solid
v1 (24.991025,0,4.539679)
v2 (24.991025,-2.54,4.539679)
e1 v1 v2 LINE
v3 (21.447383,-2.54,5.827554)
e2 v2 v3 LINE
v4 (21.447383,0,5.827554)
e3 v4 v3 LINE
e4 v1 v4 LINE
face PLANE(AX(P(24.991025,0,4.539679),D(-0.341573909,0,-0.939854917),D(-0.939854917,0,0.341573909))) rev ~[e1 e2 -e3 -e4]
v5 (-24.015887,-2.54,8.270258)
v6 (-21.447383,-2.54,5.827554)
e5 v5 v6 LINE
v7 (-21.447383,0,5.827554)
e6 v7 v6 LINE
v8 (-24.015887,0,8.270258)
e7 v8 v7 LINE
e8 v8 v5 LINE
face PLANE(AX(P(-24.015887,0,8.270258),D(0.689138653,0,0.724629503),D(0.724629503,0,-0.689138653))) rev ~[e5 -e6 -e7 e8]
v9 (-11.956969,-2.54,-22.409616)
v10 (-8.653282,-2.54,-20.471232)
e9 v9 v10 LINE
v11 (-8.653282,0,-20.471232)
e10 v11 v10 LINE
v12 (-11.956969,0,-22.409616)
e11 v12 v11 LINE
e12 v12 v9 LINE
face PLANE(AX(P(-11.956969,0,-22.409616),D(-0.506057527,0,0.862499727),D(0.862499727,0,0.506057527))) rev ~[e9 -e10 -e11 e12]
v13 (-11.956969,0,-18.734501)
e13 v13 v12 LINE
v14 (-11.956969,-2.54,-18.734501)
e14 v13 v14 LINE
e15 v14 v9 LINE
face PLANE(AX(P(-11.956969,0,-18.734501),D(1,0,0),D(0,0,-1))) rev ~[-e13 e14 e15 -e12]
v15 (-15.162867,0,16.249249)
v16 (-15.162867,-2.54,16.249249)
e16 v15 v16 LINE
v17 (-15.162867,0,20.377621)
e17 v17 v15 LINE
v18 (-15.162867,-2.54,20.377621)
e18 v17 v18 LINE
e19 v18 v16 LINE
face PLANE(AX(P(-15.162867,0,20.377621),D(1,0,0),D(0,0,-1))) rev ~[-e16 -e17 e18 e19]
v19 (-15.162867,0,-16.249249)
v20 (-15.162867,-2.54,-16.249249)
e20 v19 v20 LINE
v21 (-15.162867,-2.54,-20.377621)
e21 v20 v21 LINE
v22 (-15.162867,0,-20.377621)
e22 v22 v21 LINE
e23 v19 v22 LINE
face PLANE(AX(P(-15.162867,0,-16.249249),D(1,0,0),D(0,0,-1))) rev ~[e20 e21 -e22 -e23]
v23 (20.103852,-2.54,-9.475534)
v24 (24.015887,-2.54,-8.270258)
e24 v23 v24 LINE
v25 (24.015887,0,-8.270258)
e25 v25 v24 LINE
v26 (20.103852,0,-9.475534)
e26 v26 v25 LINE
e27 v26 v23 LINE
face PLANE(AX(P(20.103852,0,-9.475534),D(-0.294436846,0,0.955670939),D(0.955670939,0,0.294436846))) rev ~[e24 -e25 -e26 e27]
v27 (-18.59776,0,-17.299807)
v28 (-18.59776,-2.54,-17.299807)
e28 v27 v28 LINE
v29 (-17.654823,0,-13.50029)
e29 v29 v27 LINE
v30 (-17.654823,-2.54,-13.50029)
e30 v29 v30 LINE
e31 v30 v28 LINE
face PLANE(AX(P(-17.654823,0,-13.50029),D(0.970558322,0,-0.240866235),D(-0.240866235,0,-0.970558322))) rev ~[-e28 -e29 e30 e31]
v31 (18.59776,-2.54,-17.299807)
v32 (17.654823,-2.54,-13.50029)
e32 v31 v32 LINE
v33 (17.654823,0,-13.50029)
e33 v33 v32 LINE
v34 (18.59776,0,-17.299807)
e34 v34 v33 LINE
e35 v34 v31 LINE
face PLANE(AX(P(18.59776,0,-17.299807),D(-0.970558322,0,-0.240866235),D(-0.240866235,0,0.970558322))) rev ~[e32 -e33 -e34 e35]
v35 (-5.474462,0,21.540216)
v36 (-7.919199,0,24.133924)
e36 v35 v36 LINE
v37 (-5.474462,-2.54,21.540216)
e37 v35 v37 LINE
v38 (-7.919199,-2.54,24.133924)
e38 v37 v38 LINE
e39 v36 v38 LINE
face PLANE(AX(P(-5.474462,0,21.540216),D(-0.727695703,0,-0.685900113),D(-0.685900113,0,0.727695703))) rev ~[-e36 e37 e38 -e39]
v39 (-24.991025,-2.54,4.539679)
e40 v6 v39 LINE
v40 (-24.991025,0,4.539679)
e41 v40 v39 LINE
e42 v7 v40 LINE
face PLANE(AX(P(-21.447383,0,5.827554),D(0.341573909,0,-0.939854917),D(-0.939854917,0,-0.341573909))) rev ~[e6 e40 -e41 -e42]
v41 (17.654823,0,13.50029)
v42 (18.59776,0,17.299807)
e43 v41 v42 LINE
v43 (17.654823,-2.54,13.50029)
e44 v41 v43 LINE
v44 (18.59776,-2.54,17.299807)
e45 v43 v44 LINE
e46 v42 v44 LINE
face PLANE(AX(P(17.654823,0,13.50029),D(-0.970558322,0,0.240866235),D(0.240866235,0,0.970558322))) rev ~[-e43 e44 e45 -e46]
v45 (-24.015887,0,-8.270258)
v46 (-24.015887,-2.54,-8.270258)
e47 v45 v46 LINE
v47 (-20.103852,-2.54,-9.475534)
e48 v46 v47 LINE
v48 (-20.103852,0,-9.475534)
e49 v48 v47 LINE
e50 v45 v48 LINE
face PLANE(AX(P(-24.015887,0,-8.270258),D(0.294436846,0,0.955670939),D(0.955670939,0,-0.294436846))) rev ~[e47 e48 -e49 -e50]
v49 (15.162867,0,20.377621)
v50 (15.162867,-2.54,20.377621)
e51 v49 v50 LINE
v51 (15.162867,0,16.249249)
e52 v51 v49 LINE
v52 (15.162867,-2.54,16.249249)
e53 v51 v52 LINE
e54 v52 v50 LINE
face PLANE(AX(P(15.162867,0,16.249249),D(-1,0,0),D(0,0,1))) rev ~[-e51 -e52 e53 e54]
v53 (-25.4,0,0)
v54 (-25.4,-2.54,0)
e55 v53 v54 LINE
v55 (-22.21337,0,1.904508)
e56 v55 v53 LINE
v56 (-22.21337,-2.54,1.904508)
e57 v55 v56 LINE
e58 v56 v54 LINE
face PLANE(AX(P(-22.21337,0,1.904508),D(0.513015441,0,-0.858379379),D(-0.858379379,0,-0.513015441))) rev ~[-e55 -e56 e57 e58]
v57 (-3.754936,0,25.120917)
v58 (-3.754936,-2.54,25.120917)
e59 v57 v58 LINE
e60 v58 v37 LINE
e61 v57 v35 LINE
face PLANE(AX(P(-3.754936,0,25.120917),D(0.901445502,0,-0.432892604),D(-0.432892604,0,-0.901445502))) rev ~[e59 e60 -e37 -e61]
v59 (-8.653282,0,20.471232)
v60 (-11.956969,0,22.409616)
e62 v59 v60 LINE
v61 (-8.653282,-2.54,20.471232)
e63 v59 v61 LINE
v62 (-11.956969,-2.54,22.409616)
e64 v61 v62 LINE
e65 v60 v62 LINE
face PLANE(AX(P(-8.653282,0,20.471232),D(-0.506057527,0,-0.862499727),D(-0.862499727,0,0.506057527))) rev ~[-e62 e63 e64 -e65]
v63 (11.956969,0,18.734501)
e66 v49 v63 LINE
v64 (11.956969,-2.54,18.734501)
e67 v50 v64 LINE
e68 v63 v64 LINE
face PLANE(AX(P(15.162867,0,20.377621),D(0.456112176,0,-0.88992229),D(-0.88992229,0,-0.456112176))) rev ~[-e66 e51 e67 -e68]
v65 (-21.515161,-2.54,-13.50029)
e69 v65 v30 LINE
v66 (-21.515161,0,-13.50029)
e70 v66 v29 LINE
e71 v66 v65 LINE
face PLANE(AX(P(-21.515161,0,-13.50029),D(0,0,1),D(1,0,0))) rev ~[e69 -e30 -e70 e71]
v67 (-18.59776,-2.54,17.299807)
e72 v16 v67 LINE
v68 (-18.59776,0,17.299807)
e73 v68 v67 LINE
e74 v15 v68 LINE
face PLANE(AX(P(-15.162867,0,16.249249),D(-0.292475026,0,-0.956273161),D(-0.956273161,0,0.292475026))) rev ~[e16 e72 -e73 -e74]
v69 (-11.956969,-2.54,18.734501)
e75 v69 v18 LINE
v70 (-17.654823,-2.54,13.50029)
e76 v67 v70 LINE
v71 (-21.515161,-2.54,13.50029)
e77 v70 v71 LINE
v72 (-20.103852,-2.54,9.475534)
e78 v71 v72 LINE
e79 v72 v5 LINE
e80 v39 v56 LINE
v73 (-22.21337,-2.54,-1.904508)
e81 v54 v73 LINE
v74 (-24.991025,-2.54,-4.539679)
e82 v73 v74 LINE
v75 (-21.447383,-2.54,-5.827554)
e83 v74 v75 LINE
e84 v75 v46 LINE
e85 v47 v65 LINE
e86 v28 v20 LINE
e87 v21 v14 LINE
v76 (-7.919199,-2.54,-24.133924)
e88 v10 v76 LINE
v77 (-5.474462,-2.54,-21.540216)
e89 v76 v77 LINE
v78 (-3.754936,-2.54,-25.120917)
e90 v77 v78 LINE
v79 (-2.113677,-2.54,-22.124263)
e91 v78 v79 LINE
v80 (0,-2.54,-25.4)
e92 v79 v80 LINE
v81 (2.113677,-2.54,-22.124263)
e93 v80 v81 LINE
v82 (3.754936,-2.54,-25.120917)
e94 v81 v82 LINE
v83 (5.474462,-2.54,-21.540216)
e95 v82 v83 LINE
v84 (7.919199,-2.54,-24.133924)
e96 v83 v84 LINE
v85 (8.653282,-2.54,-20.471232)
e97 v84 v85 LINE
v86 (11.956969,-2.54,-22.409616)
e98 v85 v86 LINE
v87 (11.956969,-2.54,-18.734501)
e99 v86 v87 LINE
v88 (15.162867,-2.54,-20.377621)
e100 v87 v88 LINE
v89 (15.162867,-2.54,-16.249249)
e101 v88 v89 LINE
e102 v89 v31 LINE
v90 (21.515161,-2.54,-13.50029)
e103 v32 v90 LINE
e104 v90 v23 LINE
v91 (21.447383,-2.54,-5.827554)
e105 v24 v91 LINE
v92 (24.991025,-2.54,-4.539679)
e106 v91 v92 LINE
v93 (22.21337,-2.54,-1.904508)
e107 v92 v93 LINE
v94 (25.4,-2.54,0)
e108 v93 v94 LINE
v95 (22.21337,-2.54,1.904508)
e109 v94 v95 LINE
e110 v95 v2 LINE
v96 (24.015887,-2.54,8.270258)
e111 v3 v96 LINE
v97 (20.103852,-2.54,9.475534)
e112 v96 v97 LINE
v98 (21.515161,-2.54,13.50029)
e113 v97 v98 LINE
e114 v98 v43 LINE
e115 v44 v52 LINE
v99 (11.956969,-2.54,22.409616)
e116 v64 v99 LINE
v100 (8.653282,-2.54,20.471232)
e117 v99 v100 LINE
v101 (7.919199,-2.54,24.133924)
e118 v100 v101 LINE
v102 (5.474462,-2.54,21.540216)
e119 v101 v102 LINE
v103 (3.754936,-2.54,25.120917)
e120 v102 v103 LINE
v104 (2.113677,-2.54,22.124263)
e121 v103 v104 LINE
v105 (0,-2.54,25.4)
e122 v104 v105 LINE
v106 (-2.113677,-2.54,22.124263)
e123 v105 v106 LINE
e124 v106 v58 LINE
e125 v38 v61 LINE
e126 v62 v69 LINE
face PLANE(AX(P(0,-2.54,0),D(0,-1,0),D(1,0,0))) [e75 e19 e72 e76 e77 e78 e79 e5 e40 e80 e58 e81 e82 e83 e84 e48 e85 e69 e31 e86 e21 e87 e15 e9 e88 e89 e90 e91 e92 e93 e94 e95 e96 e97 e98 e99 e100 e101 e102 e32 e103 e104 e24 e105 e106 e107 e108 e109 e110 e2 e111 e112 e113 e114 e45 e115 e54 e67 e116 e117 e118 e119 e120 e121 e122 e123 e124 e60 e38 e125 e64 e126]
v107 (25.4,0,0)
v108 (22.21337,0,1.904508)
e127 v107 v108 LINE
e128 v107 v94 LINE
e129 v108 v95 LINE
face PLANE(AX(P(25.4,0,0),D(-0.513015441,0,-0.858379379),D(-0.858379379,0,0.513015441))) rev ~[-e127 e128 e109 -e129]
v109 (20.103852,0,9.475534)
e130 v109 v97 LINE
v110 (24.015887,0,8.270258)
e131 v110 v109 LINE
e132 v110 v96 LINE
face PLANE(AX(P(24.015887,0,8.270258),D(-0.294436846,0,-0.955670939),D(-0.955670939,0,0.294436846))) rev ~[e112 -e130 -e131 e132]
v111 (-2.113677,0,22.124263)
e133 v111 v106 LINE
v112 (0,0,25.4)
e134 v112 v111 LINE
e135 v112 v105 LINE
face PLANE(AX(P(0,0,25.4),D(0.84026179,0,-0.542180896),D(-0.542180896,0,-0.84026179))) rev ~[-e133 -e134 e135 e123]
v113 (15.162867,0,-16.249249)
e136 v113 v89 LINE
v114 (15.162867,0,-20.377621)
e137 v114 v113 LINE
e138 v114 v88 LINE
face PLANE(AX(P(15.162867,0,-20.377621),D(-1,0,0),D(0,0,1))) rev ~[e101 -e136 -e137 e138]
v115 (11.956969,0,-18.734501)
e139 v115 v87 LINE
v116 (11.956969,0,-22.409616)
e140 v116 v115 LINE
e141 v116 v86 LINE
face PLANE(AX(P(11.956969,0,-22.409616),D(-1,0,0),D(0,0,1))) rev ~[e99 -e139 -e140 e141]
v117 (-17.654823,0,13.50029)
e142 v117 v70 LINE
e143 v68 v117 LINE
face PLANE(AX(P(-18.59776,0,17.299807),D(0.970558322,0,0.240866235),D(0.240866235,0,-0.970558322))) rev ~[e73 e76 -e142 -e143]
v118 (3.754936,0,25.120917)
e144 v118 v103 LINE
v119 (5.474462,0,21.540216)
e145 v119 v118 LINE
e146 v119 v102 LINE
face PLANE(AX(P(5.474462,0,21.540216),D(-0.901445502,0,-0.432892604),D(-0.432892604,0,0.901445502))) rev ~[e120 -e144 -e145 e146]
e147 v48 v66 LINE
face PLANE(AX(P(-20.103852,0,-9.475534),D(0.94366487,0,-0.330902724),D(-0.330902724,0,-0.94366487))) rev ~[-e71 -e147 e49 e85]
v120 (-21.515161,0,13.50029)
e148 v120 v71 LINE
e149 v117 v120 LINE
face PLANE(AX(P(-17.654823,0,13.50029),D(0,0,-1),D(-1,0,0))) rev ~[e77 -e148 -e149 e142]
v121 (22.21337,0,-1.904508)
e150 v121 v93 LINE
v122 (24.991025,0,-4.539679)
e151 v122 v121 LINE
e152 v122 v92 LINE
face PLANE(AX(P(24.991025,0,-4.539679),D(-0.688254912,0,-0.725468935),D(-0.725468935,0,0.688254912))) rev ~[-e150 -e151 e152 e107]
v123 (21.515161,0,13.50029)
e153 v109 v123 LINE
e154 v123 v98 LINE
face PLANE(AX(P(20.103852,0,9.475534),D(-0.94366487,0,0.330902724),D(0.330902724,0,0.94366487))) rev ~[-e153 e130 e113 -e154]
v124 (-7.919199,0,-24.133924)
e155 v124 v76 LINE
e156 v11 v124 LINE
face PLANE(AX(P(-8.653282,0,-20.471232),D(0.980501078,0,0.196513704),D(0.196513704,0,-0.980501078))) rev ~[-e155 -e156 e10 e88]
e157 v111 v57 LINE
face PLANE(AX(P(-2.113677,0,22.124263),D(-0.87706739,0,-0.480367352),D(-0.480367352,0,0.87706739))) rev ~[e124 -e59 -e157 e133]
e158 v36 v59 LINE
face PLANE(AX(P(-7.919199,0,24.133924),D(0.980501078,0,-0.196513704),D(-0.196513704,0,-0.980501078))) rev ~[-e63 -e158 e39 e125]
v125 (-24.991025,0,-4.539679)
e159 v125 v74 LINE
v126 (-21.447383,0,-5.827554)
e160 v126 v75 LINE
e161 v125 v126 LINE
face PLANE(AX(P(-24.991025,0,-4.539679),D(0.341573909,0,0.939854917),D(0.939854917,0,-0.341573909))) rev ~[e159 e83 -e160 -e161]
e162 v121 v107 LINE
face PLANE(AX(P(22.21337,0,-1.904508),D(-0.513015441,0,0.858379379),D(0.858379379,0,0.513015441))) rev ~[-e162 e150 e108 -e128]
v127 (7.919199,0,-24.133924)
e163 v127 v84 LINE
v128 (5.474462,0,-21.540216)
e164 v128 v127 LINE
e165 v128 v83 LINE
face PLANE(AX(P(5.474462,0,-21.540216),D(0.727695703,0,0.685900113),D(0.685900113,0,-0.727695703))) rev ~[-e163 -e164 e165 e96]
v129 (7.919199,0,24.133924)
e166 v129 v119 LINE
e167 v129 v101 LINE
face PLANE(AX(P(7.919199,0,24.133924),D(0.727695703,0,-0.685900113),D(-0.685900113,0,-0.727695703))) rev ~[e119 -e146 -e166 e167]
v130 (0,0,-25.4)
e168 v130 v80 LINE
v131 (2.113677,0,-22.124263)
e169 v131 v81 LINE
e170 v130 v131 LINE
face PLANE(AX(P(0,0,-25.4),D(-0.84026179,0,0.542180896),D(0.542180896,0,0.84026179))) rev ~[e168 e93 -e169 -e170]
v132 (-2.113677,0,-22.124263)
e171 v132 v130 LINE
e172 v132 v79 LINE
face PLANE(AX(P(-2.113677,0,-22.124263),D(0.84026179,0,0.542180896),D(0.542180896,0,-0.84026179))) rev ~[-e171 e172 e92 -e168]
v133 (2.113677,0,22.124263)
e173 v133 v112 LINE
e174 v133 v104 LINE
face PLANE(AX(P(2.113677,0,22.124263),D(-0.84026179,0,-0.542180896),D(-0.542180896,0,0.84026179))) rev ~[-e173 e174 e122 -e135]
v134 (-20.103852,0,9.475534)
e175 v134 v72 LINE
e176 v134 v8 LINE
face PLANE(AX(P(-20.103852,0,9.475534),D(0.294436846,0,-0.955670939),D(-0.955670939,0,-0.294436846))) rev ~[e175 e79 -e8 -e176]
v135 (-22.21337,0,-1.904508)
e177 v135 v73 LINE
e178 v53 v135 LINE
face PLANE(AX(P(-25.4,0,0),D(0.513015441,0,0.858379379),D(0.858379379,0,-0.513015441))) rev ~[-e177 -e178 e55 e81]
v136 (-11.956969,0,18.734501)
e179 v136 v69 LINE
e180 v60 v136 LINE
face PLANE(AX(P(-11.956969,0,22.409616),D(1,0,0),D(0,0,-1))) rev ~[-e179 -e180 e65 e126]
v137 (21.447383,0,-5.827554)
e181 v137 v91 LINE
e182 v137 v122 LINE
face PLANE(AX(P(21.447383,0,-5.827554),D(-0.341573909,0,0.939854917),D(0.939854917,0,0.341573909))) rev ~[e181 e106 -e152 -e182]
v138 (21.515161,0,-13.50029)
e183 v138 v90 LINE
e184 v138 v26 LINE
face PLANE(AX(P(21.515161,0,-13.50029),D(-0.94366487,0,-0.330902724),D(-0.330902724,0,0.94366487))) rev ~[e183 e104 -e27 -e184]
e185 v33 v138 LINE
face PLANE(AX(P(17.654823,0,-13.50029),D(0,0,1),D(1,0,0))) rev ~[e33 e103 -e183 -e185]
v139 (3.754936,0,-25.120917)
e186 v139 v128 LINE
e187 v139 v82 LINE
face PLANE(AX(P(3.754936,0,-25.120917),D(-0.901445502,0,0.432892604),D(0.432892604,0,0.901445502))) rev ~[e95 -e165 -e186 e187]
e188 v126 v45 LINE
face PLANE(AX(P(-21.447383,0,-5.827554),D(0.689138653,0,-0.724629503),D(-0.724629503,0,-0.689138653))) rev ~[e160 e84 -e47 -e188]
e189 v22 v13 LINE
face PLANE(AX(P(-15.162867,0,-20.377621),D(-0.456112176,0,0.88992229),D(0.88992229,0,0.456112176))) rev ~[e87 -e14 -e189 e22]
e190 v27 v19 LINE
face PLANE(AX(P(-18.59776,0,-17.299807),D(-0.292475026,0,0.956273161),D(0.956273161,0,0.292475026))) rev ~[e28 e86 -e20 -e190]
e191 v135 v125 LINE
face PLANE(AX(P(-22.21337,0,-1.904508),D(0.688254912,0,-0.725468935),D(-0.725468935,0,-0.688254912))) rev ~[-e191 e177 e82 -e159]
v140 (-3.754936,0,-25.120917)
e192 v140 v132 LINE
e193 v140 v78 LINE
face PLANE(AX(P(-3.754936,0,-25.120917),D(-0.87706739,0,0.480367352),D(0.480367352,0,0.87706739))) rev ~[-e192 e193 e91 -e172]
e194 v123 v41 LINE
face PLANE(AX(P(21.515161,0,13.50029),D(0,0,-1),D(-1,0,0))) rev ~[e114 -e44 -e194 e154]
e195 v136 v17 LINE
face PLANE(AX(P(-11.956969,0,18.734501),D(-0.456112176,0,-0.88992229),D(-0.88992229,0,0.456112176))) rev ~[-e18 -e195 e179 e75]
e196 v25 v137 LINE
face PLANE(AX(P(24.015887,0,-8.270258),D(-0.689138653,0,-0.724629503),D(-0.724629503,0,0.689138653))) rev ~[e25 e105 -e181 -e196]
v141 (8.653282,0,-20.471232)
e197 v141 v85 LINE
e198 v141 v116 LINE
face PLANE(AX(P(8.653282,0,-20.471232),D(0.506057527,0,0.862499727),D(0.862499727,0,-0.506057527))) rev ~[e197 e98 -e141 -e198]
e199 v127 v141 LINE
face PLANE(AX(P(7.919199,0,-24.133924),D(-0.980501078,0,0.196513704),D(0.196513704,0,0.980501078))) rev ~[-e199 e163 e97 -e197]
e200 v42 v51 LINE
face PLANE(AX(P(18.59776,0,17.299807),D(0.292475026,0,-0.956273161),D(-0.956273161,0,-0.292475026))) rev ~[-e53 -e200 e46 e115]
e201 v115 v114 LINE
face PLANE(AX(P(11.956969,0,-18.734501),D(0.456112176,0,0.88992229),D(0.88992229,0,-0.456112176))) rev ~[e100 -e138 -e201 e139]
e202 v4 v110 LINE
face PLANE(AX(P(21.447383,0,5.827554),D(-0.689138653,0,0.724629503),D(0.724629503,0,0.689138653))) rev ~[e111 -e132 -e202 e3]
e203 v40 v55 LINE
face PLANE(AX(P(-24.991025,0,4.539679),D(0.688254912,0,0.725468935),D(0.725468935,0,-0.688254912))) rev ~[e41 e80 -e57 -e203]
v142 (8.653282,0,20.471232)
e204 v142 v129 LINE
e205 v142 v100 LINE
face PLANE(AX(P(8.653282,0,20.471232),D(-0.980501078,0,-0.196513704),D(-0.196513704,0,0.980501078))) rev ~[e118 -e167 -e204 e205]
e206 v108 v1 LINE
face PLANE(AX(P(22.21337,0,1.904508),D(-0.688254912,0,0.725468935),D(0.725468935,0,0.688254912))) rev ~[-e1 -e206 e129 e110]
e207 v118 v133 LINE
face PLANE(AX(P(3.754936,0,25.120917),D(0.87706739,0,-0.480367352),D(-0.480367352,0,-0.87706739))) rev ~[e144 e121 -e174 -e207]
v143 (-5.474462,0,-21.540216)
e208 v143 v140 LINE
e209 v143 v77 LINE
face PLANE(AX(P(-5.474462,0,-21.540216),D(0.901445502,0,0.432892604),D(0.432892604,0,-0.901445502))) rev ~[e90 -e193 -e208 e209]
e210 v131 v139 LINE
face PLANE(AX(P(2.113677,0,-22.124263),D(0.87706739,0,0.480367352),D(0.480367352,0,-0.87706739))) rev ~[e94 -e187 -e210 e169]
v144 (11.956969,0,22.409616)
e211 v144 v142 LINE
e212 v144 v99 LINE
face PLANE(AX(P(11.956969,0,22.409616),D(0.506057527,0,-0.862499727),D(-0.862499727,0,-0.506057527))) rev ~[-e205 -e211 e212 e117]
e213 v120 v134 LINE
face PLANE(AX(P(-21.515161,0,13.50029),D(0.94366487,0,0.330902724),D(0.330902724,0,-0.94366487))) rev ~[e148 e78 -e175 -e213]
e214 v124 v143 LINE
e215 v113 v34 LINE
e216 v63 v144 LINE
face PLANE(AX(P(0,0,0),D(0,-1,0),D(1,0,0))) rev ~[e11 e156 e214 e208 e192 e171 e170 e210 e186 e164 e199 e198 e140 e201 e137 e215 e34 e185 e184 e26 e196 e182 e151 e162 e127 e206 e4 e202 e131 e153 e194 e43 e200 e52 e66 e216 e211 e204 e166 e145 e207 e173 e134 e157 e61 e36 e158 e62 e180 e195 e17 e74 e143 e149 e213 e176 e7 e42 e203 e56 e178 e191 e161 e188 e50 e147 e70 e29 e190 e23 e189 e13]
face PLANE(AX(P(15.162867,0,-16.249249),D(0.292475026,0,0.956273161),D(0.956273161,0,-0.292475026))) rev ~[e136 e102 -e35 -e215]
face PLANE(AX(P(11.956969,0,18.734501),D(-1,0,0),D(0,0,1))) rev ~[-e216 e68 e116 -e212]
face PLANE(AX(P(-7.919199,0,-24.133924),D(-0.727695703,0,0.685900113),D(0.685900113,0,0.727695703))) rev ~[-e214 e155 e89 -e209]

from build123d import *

# Parameters (mm, degrees)
F1_DEPTH = 2.54


with BuildPart() as f1:
    # F0 (on Front) → F1 (new body)
    with BuildSketch(Plane.XZ):
        Polygon((2.113677, 22.124263), (0, 25.4), (-2.113677, 22.124263), (-3.754936, 25.120917), (-5.474462, 21.540216), (-7.919199, 24.133924), (-8.653282, 20.471232), (-11.956969, 22.409616), (-11.956969, 18.734501), (-15.162867, 20.377621), (-15.162867, 16.249249), (-18.59776, 17.299807), (-17.654823, 13.50029), (-21.515161, 13.50029), (-20.103852, 9.475534), (-24.015887, 8.270258), (-21.447383, 5.827554), (-24.991025, 4.539679), (-22.21337, 1.904508), (-22.148459, 1.842926), (-25.4, 0), (-22.148459, -1.842926), (-22.21337, -1.904508), (-24.991025, -4.539679), (-21.447383, -5.827554), (-24.015887, -8.270258), (-20.103852, -9.475534), (-21.515161, -13.50029), (-17.654823, -13.50029), (-18.59776, -17.299807), (-15.162867, -16.249249), (-15.162867, -20.377621), (-11.956969, -18.734501), (-11.956969, -22.409616), (-8.653282, -20.471232), (-7.919199, -24.133924), (-5.474462, -21.540216), (-3.754936, -25.120917), (-2.113677, -22.124263), (0, -25.4), (2.113677, -22.124263), (3.754936, -25.120917), (5.474462, -21.540216), (7.919199, -24.133924), (8.653282, -20.471232), (11.956969, -22.409616), (11.956969, -18.734501), (15.162867, -20.377621), (15.162867, -16.249249), (18.59776, -17.299807), (17.654823, -13.50029), (21.515161, -13.50029), (20.103852, -9.475534), (24.015887, -8.270258), (21.447383, -5.827554), (24.991025, -4.539679), (22.21337, -1.904508), (22.148459, -1.842926), (25.4, 0), (22.148459, 1.842926), (22.21337, 1.904508), (24.991025, 4.539679), (21.447383, 5.827554), (24.015887, 8.270258), (20.103852, 9.475534), (21.515161, 13.50029), (17.654823, 13.50029), (18.59776, 17.299807), (15.162867, 16.249249), (15.162867, 20.377621), (11.956969, 18.734501), (11.956969, 22.409616), (8.653282, 20.471232), (7.919199, 24.133924), (5.474462, 21.540216), (3.754936, 25.120917), align=None)
        Polygon((25.4, 0), (22.21337, 1.904508), (22.148459, 1.842926), align=None)
        Polygon((-22.148459, 1.842926), (-22.21337, 1.904508), (-25.4, 0), align=None)
        Polygon((22.21337, -1.904508), (25.4, 0), (22.148459, -1.842926), align=None)
        Polygon((-22.148459, -1.842926), (-25.4, 0), (-22.21337, -1.904508), align=None)
    extrude(amount=F1_DEPTH)


solid = f1.part
